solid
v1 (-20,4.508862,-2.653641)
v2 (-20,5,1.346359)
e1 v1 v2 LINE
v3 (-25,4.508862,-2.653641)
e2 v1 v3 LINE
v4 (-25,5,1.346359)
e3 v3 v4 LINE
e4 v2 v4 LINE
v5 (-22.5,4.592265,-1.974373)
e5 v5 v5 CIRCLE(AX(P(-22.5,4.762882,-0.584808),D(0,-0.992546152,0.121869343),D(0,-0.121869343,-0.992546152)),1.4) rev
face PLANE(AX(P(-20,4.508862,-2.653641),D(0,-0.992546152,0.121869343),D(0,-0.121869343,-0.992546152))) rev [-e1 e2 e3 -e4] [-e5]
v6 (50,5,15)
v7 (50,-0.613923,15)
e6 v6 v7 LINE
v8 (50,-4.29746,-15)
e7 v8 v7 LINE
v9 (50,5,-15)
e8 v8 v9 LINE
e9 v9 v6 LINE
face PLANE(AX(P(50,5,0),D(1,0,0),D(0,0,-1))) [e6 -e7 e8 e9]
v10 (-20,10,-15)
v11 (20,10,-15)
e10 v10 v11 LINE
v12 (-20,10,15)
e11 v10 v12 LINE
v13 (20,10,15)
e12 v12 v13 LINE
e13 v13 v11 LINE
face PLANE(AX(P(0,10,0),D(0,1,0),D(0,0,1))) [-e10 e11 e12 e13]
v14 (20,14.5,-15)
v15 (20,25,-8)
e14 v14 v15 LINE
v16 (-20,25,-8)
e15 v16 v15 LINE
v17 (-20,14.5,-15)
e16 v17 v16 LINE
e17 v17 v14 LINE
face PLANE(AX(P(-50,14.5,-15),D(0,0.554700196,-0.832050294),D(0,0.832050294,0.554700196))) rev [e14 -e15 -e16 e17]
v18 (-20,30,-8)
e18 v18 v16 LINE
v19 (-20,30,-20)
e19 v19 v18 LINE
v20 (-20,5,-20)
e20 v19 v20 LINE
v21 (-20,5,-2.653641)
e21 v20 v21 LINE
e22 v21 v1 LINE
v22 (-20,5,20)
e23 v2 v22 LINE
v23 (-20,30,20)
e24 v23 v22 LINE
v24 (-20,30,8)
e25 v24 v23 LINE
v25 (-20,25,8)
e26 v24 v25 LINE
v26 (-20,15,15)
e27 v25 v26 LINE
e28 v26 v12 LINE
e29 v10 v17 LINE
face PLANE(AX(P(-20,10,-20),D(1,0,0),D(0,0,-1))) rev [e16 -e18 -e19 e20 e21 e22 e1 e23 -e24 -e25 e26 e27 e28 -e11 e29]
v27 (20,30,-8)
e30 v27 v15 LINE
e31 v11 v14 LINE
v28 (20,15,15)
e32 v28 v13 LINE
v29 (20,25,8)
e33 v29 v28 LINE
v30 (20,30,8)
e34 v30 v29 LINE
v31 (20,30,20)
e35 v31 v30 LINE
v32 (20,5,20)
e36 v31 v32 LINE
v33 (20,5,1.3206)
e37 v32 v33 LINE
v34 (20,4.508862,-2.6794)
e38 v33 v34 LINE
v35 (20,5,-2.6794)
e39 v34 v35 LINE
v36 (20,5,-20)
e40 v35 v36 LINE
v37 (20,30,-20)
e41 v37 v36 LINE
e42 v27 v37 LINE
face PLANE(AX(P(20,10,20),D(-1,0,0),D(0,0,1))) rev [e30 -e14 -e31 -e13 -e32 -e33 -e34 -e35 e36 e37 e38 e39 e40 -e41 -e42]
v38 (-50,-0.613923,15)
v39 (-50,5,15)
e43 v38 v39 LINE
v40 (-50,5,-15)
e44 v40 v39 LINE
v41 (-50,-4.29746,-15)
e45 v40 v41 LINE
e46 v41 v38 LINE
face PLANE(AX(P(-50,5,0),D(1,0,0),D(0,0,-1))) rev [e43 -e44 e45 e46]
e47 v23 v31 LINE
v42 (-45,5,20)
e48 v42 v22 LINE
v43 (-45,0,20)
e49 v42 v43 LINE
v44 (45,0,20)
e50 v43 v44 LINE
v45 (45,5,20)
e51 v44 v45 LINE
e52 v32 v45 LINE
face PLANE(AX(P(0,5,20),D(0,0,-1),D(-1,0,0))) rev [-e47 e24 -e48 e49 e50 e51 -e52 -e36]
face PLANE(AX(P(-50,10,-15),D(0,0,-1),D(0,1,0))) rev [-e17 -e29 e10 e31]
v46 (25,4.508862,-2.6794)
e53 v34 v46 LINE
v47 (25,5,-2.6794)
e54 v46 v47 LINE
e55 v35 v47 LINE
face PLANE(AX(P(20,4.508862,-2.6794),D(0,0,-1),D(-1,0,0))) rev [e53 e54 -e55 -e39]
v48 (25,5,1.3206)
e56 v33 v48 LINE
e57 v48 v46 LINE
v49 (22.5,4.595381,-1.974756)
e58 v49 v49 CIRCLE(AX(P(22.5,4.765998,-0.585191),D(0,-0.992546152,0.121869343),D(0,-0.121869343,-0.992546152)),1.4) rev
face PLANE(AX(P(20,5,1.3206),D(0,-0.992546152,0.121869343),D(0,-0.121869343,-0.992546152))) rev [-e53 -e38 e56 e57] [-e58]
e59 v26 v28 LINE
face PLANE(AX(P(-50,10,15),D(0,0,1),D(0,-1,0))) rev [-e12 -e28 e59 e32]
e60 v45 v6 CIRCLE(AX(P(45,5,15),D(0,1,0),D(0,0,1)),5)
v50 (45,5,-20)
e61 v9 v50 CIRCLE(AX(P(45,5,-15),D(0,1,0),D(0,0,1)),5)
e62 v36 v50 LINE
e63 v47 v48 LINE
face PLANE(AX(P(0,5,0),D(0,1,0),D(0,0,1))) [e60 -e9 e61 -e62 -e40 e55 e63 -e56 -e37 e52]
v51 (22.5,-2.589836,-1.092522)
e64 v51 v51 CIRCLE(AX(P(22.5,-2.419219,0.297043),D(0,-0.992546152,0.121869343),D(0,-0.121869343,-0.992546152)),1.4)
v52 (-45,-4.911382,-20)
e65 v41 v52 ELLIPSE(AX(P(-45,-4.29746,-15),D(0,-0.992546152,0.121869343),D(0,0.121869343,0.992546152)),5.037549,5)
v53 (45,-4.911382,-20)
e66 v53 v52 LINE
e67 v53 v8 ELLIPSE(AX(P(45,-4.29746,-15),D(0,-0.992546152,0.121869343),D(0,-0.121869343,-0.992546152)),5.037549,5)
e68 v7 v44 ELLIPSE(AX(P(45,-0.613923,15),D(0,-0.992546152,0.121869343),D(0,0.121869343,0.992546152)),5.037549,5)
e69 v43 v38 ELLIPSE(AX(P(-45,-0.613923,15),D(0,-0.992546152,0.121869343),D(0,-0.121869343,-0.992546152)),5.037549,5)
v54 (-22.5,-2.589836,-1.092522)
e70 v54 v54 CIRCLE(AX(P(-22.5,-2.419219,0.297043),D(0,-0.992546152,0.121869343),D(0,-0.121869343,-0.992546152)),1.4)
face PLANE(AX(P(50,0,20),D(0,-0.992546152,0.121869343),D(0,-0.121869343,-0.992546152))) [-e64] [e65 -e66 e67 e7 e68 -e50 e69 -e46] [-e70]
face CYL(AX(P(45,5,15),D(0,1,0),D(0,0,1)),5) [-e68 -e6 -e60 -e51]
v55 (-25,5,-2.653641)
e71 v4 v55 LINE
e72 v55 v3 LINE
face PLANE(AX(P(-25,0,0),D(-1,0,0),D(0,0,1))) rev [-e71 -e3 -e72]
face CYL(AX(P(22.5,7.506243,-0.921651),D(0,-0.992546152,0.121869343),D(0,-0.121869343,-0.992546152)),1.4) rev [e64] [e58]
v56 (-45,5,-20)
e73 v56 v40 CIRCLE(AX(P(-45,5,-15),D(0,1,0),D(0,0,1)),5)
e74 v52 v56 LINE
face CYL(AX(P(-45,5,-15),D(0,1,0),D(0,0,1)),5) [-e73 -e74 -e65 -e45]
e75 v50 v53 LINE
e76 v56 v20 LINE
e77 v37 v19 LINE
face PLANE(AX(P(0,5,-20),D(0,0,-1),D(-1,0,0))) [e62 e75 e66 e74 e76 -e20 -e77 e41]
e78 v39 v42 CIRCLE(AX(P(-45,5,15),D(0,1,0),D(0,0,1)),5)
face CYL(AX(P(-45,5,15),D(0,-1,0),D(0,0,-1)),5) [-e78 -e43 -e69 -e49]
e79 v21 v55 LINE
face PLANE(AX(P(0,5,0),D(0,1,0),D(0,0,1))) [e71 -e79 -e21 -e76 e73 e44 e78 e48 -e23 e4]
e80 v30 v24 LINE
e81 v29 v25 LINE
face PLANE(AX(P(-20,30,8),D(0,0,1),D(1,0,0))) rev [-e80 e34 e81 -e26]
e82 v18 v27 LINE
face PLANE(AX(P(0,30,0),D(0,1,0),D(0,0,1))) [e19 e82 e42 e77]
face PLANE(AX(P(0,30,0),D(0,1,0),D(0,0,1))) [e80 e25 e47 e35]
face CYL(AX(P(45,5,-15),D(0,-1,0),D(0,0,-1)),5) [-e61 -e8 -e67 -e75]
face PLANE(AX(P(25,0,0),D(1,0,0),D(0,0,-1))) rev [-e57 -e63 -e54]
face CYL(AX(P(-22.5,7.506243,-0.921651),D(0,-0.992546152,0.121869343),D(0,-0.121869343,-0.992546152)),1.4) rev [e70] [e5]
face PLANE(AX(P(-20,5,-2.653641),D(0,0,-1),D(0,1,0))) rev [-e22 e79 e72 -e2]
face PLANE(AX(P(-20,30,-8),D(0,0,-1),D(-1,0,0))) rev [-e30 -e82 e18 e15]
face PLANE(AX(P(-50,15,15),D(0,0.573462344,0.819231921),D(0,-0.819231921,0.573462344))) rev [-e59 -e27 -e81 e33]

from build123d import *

# Parameters (mm, degrees)
SKETCH1_W           = 100
SKETCH1_H           = 40
BOSS_EXTRUDE1_DEPTH = 5
BOSS_EXTRUDE2_DEPTH = 5
SKETCH4_W           = 40
SKETCH4_H           = 12
BOSS_EXTRUDE3_DEPTH = 20
CUT_EXTRUDE2_DEPTH  = 70
BOSS_EXTRUDE5_DEPTH = 100
SKETCH12_R          = 1.4
CUT_EXTRUDE3_DEPTH  = 10
CUT_EXTRUDE4_DEPTH  = 30
BOSS_EXTRUDE6_DEPTH = 25
CUT_EXTRUDE5_DEPTH  = 30
BOSS_EXTRUDE7_DEPTH = 25
FILLET1_R           = 5


with BuildPart() as part:
    # Sketch1 → Boss-Extrude1 (new body)
    with BuildSketch(Plane(origin=(0, 0, 0), x_dir=(1, 0, 0), z_dir=(0, 1, 0))):
        Rectangle(SKETCH1_W, SKETCH1_H)
    extrude(amount=BOSS_EXTRUDE1_DEPTH)

    # Sketch3 → Boss-Extrude2 (add)
    with BuildSketch(Plane(origin=(0, 5, 0), x_dir=(1, 0, 0), z_dir=(0, 1, 0))):
        Polygon((0, 20), (-20, 20), (-20, -20), (20, -20), (20, 20), align=None)
    extrude(amount=BOSS_EXTRUDE2_DEPTH)

    # Sketch4 → Boss-Extrude3 (add)
    with BuildSketch(Plane(origin=(0, 10, 0), x_dir=(1, 0, 0), z_dir=(0, 1, 0))):
        with Locations((0, 14)):
            Rectangle(SKETCH4_W, SKETCH4_H)
        with Locations((0, -14)):
            Rectangle(SKETCH4_W, SKETCH4_H)
    extrude(amount=BOSS_EXTRUDE3_DEPTH)

    # Sketch10 → Cut-Extrude2 (cut)
    with BuildSketch(Plane(origin=(20, 0, 0), x_dir=(0, 0, -1), z_dir=(1, 0, 0))):
        Polygon((-8, 10), (-15, 10), (-15, 15), (-8, 25), align=None)
        Polygon((8, 10), (15, 10), (15, 14.5), (8, 25), align=None)
    extrude(amount=-CUT_EXTRUDE2_DEPTH, mode=Mode.SUBTRACT)

    # Sketch11 → Boss-Extrude5 (add)
    with BuildSketch(Plane.ZY.offset(50)):
        Polygon((20, 0), (-20, -4.911382436), (-20, 0), align=None)
    extrude(amount=-BOSS_EXTRUDE5_DEPTH)

    # Sketch12 → Cut-Extrude3 (cut)
    with BuildSketch(Plane(origin=(0, -2.419218956, 0.297042737), x_dir=(1, 0, 0), z_dir=(0, -0.992546151641323, 0.121869343405141))):
        with Locations(Location((-22.5, 0, 0), (0, 0, 270))):
            Circle(SKETCH12_R)
        with Locations(Location((22.5, 0, 0), (0, 0, 270))):
            Circle(SKETCH12_R)
    extrude(amount=-CUT_EXTRUDE3_DEPTH, mode=Mode.SUBTRACT)

    # Sketch16 → Cut-Extrude4 (cut)
    with BuildSketch(Plane.ZY.offset(50)):
        Polygon((-2.653640591, 5), (1.346359409, 5), (-2.653640591, 4.508861756), align=None)
    extrude(amount=-CUT_EXTRUDE4_DEPTH, mode=Mode.SUBTRACT)

    # Sketch17 → Boss-Extrude6 (add)
    with BuildSketch(Plane.ZY.offset(50)):
        Polygon((-2.653640591, 5), (-2.653640591, 4.508861756), (1.346359409, 5), align=None)
    extrude(amount=-BOSS_EXTRUDE6_DEPTH)

    # Sketch18 → Cut-Extrude5 (cut)
    with BuildSketch(Plane(origin=(50, 0, 0), x_dir=(0, 0, -1), z_dir=(1, 0, 0))):
        Polygon((2.679400207, 5), (-1.320599793, 5), (2.679400207, 4.508861756), align=None)
    extrude(amount=-CUT_EXTRUDE5_DEPTH, mode=Mode.SUBTRACT)

    # Sketch19 → Boss-Extrude7 (add)
    with BuildSketch(Plane(origin=(50, 0, 0), x_dir=(0, 0, -1), z_dir=(1, 0, 0))):
        Polygon((2.679400207, 4.508861756), (2.679400207, 5), (-1.320599793, 5), align=None)
    extrude(amount=-BOSS_EXTRUDE7_DEPTH)

    # Fillet1
    fillet1_edges = [part.edges().sort_by_distance(p)[0] for p in [
        (50, 0.044308782, -20),
        (50, 2.5, 20),
        (-50, 2.5, 20),
        (-50, 0.044308782, -20),
    ]]
    fillet(fillet1_edges, radius=FILLET1_R)


solid = part.part
